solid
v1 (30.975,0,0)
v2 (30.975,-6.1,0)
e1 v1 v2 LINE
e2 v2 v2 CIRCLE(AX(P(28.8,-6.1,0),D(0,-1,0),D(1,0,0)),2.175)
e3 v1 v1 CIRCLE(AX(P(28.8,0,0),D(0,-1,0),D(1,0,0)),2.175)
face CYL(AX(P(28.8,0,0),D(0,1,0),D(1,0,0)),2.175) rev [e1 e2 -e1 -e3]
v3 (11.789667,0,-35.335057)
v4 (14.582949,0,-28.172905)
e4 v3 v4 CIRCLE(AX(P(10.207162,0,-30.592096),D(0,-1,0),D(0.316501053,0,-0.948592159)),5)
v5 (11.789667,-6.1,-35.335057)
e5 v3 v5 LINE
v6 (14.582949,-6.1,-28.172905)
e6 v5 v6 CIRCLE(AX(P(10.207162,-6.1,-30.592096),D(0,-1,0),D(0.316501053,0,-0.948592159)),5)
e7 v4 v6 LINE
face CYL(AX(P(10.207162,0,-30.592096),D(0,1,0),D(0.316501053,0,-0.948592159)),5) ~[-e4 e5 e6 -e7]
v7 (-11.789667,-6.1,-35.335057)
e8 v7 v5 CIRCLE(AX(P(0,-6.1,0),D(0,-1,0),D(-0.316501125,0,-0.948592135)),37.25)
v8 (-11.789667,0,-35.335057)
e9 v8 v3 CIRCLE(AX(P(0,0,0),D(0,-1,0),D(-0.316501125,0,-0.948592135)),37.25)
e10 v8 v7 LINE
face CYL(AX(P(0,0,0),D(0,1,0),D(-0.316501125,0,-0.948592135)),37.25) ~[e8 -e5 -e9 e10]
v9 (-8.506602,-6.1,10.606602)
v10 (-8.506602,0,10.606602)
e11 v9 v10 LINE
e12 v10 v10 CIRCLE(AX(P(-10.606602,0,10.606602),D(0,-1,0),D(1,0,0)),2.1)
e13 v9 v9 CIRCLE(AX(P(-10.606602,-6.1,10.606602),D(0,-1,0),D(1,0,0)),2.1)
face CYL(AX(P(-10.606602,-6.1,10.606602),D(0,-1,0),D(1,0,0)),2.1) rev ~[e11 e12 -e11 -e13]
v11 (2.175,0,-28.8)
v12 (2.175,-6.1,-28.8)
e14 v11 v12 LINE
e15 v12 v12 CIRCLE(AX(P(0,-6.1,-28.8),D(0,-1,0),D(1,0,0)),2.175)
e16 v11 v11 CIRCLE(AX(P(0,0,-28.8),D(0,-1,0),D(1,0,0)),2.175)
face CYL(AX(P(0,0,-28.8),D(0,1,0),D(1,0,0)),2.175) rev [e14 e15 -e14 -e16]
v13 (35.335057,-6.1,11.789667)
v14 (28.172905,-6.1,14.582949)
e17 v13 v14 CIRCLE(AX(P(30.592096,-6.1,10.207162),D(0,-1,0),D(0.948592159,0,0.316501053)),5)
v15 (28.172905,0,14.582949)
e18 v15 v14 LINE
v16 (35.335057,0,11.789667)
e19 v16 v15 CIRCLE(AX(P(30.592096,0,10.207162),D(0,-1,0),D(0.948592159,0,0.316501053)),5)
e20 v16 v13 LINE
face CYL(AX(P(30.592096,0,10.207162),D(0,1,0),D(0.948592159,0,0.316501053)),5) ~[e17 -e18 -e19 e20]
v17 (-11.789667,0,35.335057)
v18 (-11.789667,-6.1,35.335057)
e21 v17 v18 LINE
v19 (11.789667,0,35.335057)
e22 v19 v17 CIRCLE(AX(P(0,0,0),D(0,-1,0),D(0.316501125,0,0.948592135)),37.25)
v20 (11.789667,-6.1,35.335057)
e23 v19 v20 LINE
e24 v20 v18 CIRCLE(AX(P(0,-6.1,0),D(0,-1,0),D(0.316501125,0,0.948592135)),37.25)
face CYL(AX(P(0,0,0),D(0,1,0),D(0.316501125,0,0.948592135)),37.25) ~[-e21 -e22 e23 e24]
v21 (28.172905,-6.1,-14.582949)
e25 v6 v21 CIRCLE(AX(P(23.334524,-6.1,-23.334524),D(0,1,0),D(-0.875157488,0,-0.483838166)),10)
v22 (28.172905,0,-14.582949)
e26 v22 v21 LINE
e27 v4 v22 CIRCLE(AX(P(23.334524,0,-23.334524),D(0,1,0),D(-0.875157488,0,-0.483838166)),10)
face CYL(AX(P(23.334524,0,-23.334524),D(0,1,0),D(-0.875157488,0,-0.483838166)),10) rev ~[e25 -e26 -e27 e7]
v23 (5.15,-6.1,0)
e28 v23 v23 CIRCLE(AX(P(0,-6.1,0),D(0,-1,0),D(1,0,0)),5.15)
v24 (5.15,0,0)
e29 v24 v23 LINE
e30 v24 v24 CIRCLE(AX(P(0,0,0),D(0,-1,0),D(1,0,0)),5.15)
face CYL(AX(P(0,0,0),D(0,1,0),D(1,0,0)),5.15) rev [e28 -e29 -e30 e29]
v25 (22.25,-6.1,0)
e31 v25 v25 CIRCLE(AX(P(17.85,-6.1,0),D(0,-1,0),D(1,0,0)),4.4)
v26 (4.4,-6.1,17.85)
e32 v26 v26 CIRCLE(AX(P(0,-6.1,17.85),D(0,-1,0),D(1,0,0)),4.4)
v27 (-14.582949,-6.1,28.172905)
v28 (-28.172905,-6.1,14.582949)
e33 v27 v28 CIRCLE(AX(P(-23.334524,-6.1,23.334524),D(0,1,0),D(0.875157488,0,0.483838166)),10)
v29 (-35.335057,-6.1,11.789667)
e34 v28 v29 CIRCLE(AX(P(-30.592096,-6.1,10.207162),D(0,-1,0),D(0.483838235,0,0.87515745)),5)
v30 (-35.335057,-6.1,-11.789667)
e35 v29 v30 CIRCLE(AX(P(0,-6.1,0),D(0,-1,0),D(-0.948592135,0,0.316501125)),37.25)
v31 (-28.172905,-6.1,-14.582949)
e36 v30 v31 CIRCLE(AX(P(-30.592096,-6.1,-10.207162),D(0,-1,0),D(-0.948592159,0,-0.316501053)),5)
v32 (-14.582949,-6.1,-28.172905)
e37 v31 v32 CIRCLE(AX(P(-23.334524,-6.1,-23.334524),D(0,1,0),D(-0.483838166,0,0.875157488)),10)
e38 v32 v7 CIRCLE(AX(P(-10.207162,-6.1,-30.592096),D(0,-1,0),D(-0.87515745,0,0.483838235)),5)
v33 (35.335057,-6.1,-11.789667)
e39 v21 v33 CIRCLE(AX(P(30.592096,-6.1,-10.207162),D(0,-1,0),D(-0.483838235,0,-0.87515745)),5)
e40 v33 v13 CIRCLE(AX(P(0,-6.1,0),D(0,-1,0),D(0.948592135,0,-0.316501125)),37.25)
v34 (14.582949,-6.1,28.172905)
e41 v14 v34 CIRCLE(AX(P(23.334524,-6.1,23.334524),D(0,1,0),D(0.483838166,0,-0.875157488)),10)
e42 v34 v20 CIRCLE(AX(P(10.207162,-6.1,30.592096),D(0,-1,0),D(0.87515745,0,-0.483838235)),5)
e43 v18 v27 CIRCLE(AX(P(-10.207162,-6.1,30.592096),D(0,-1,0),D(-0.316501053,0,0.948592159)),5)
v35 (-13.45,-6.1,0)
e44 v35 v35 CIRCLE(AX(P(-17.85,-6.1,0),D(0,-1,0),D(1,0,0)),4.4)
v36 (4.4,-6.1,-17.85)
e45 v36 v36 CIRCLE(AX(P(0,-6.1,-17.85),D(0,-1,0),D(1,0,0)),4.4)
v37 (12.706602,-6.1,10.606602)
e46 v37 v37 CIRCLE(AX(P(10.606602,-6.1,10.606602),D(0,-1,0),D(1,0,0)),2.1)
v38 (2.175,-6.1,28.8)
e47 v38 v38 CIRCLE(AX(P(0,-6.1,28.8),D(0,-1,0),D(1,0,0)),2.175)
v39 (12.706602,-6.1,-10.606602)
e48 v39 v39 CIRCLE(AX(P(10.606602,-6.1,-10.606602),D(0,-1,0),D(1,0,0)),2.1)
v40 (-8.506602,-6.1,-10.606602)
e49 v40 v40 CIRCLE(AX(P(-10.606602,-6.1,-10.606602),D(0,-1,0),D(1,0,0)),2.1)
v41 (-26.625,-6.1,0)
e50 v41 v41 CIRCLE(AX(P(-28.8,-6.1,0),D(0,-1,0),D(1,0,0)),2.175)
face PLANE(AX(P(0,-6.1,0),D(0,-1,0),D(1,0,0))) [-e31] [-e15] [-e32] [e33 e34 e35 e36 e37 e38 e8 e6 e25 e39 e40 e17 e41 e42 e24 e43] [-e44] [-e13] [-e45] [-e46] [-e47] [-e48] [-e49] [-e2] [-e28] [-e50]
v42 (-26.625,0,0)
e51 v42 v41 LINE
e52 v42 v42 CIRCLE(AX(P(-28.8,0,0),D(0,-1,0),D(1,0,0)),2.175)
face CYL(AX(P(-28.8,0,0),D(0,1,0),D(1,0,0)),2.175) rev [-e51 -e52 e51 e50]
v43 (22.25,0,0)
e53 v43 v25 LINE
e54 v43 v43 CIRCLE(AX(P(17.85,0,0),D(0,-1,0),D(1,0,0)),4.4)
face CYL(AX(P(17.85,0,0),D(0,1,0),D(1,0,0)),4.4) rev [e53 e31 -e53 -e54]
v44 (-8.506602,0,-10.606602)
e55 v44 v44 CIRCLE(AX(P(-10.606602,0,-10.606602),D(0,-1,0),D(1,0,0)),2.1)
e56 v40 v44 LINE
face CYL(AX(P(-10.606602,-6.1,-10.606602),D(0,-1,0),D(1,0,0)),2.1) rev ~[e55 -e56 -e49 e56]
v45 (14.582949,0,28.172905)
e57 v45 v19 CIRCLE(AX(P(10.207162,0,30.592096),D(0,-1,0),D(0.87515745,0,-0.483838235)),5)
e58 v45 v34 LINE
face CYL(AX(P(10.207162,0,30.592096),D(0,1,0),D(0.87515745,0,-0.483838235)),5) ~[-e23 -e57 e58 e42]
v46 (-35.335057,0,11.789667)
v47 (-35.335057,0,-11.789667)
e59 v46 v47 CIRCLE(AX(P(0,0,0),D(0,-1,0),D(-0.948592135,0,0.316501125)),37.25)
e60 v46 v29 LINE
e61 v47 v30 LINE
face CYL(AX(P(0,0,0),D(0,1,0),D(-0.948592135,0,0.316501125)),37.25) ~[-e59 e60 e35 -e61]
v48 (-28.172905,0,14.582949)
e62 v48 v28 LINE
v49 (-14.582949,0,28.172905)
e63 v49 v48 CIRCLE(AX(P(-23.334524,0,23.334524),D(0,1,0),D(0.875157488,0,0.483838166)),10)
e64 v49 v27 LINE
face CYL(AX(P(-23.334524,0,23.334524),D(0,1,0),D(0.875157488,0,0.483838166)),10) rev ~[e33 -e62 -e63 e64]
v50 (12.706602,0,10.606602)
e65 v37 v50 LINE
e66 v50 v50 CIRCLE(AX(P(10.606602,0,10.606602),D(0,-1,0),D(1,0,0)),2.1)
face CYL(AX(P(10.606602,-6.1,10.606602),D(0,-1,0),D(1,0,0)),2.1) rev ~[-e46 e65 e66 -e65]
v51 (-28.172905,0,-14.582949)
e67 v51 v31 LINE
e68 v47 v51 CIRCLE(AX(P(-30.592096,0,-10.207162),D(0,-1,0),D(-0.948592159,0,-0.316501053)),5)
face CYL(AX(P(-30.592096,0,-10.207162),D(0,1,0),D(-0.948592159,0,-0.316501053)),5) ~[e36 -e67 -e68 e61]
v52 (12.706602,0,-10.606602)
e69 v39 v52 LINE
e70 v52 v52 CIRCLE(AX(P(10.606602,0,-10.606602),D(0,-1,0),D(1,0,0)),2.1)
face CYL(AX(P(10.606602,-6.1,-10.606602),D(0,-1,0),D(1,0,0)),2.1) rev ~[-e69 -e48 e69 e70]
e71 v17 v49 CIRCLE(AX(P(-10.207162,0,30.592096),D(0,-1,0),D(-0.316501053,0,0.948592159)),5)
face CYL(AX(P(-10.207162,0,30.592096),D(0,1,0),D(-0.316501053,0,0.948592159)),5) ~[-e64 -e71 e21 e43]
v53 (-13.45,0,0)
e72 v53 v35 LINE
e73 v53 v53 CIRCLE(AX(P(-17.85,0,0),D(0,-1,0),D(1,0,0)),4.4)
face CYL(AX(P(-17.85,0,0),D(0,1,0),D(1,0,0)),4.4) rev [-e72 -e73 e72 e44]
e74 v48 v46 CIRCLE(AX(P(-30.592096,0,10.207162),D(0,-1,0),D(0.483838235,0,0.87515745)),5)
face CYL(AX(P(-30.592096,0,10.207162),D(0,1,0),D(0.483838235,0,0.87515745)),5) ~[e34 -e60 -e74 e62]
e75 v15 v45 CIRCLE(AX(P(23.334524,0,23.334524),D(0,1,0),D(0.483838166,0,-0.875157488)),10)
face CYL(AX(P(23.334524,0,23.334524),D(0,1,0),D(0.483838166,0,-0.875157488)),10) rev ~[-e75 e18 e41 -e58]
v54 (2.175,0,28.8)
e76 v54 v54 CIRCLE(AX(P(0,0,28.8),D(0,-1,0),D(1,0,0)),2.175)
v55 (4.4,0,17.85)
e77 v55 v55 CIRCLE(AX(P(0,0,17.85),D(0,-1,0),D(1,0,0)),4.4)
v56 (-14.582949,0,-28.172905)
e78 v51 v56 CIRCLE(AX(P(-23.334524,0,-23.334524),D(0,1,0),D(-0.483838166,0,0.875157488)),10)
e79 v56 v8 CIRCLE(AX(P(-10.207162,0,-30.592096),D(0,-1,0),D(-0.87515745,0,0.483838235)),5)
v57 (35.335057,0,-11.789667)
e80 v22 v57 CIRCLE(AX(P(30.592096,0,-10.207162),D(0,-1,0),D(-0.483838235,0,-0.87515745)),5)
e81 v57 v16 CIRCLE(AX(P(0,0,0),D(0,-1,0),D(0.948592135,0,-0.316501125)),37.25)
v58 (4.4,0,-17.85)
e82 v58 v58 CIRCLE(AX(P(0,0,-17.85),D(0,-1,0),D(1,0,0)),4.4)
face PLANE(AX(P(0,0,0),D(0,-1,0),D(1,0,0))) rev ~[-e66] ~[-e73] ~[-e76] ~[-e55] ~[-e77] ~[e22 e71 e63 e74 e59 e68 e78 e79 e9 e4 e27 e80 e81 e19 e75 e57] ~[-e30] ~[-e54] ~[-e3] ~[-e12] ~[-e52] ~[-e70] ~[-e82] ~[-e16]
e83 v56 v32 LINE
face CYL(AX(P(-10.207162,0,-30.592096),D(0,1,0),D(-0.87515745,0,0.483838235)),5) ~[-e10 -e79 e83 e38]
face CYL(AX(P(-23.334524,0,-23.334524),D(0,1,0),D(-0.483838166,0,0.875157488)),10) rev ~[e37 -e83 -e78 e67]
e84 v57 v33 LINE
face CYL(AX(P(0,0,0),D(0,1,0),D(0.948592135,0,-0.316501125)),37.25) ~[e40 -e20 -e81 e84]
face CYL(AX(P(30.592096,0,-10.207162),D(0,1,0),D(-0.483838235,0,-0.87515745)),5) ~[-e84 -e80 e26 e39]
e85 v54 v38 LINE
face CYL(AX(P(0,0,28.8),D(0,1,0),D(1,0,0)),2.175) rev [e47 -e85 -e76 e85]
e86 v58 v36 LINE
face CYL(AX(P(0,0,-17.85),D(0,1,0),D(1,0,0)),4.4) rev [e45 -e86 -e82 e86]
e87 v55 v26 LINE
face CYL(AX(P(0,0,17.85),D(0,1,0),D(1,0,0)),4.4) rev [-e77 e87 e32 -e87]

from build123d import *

# Parameters (mm, degrees)
F0_R     = 2.175
F0_R_2   = 4.4
F0_R_3   = 5.15
F1_DEPTH = 6.1
F2_R     = 2.1
F3_DEPTH = 6.101


with BuildPart() as f1:
    # F0 (on Front) → F1 (new body)
    with BuildSketch(Plane.XZ):
        with BuildLine():
            ThreePointArc((-28.172905, 14.582949), (-32.408847, 14.865425), (-35.335057, 11.789667))
            ThreePointArc((-35.335057, 11.789667), (-37.25, 0), (-35.335057, -11.789667))
            ThreePointArc((-35.335057, -11.789667), (-32.408847, -14.865425), (-28.172905, -14.582949))
            ThreePointArc((-28.172905, -14.582949), (-16.263456, -16.263456), (-14.582949, -28.172905))
            ThreePointArc((-14.582949, -28.172905), (-14.865425, -32.408847), (-11.789667, -35.335057))
            ThreePointArc((-11.789667, -35.335057), (0, -37.25), (11.789667, -35.335057))
            ThreePointArc((11.789667, -35.335057), (14.865425, -32.408847), (14.582949, -28.172905))
            ThreePointArc((14.582949, -28.172905), (16.263456, -16.263456), (28.172905, -14.582949))
            ThreePointArc((28.172905, -14.582949), (32.408847, -14.865425), (35.335057, -11.789667))
            ThreePointArc((35.335057, -11.789667), (37.25, 0), (35.335057, 11.789667))
            ThreePointArc((35.335057, 11.789667), (32.408847, 14.865425), (28.172905, 14.582949))
            ThreePointArc((28.172905, 14.582949), (16.263456, 16.263456), (14.582949, 28.172905))
            ThreePointArc((14.582949, 28.172905), (14.865425, 32.408847), (11.789667, 35.335057))
            ThreePointArc((11.789667, 35.335057), (0, 37.25), (-11.789667, 35.335057))
            ThreePointArc((-11.789667, 35.335057), (-14.865425, 32.408847), (-14.582949, 28.172905))
            ThreePointArc((-14.582949, 28.172905), (-16.263456, 16.263456), (-28.172905, 14.582949))
        make_face()
        with Locations((0, -28.8)):
            Circle(F0_R, mode=Mode.SUBTRACT)
        with Locations((0, -17.85)):
            Circle(F0_R_2, mode=Mode.SUBTRACT)
        with Locations((-28.8, 0)):
            Circle(F0_R, mode=Mode.SUBTRACT)
        with Locations((-17.85, 0)):
            Circle(F0_R_2, mode=Mode.SUBTRACT)
        Circle(F0_R_3, mode=Mode.SUBTRACT)
        with Locations((0, 17.85)):
            Circle(F0_R_2, mode=Mode.SUBTRACT)
        with Locations((0, 28.8)):
            Circle(F0_R, mode=Mode.SUBTRACT)
        with Locations((17.85, 0)):
            Circle(F0_R_2, mode=Mode.SUBTRACT)
        with Locations((28.8, 0)):
            Circle(F0_R, mode=Mode.SUBTRACT)
    extrude(amount=F1_DEPTH)

    # F2 (on face) → F3 (cut, through all)
    with BuildSketch(Plane.XZ.offset(6.1)):
        with Locations((-10.606602, 10.606602)):
            Circle(F2_R)
        with Locations((-10.606602, -10.606602)):
            Circle(F2_R)
        with Locations((10.606602, -10.606602)):
            Circle(F2_R)
        with Locations((10.606602, 10.606602)):
            Circle(F2_R)
    extrude(amount=-F3_DEPTH, mode=Mode.SUBTRACT)


solid = f1.part
